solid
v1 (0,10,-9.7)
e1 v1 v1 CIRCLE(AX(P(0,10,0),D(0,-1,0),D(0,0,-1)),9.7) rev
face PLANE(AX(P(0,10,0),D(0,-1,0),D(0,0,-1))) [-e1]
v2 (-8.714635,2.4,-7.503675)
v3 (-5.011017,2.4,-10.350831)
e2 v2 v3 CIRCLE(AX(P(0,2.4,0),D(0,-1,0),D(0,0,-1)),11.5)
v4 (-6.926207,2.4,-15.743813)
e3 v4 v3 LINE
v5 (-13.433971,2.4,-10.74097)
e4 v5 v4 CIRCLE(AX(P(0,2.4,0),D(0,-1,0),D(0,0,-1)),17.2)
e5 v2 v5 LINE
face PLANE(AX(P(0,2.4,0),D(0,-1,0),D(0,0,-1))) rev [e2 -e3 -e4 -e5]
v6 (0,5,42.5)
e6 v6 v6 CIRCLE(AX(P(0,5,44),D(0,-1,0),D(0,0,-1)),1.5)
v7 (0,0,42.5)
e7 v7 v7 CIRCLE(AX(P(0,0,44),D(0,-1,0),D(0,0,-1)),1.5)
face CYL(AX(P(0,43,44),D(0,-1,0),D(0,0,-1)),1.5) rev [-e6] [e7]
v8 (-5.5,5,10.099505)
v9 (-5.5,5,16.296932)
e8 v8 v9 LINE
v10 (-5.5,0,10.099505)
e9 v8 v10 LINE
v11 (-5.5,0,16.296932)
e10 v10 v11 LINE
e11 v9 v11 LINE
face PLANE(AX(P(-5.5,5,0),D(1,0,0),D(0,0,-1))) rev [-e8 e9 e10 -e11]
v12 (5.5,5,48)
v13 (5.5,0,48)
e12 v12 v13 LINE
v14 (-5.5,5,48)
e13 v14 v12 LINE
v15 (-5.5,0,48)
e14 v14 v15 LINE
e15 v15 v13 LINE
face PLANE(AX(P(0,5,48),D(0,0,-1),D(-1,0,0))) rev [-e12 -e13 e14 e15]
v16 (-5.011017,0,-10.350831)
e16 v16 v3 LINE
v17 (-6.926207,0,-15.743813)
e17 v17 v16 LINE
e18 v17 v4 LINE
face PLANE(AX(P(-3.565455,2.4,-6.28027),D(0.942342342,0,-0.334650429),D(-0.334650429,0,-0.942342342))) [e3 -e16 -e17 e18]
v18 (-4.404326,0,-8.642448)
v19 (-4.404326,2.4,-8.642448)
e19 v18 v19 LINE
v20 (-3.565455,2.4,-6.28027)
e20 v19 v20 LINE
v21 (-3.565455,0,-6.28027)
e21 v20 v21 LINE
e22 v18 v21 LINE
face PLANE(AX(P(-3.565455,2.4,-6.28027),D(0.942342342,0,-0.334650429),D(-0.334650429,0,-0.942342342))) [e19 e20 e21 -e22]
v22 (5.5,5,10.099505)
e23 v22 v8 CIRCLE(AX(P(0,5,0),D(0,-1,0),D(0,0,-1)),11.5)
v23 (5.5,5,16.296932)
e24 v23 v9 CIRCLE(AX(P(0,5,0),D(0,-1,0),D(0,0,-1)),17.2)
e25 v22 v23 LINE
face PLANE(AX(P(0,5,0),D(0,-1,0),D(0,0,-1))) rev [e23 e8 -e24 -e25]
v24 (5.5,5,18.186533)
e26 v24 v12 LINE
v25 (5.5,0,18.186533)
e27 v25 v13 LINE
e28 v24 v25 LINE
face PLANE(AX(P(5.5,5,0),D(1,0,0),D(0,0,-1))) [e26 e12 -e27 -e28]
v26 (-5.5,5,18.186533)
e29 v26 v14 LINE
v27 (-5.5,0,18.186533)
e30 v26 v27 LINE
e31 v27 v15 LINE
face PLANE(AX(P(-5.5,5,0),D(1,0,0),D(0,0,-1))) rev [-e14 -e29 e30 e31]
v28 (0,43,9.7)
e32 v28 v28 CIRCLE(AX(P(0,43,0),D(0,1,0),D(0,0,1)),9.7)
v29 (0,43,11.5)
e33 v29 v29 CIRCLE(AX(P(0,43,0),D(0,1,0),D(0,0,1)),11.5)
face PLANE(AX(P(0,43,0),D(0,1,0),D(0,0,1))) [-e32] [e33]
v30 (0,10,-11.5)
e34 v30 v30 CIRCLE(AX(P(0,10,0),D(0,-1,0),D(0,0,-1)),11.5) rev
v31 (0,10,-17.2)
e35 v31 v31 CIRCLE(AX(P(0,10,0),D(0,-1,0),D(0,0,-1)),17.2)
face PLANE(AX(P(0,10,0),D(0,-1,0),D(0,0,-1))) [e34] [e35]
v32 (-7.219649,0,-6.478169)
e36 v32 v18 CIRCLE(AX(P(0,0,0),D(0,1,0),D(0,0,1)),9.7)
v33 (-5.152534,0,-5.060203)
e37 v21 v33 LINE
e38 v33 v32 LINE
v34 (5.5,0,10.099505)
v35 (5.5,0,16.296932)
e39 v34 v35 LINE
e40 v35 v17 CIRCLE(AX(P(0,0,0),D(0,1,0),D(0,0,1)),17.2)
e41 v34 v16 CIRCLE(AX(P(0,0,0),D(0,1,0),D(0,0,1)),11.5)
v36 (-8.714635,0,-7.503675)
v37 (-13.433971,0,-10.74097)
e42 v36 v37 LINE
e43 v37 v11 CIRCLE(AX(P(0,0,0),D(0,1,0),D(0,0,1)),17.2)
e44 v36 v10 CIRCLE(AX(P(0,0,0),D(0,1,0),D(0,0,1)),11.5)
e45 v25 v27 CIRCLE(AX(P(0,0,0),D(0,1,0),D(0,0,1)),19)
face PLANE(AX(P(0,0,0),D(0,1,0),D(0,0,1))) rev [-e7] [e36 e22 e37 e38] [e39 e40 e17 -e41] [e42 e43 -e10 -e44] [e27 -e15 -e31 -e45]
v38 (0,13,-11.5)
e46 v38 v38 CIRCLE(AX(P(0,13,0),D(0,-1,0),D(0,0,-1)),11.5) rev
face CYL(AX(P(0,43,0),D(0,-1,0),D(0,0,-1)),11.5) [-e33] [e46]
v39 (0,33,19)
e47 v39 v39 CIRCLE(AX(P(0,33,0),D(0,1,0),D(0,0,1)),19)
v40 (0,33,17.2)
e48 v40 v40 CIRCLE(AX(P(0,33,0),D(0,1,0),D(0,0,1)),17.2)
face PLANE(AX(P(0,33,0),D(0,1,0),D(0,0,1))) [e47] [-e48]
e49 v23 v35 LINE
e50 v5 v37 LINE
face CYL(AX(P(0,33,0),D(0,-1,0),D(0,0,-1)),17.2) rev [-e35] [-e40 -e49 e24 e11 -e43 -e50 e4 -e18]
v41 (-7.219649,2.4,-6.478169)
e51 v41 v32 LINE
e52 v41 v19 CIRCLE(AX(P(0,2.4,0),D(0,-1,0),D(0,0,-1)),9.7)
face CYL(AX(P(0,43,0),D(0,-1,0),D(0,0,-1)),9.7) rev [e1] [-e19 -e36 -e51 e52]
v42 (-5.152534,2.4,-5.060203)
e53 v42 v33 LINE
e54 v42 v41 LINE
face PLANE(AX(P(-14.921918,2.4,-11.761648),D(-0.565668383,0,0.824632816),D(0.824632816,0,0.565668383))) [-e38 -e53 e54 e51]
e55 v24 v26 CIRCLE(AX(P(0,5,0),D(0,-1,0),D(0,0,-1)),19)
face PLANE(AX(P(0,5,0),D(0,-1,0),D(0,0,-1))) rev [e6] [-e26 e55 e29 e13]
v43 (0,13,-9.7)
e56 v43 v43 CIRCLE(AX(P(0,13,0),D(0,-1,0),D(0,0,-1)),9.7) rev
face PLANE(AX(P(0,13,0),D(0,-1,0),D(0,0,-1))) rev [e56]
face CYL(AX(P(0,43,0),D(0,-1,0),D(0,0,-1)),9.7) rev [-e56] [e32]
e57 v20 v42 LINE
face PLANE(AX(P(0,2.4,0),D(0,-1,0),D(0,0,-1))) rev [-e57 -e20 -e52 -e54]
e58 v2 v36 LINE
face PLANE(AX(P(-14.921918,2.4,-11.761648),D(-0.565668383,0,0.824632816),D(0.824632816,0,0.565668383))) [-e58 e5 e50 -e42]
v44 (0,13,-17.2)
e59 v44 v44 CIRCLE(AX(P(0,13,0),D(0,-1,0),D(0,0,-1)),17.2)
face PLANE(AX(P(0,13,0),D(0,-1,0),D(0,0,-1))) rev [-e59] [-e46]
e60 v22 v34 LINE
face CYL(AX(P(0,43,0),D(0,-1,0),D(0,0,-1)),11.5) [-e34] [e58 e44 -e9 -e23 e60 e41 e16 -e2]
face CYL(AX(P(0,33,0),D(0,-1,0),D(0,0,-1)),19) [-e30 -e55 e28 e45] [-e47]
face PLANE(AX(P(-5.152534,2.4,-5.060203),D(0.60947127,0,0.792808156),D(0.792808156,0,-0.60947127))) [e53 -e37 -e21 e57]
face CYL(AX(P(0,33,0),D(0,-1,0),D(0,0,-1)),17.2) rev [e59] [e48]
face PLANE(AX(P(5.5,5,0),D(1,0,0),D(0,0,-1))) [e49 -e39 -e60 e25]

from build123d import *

# Parameters (mm, degrees)
SKETCH1_R           = 19
SKETCH1_R_2         = 17.2
BOSS_EXTRUDE1_DEPTH = 33
SKETCH1_3_R         = 11.5
SKETCH1_3_R_2       = 9.7
BOSS_EXTRUDE2_DEPTH = 43
SKETCH2_R           = 17.2
BOSS_EXTRUDE3_DEPTH = 3
BOSS_EXTRUDE4_DEPTH = 2.4
BOSS_EXTRUDE5_DEPTH = 5
SKETCH5_R           = 1.5
CUT_EXTRUDE1_DEPTH  = 44


with BuildPart() as part:
    # Sketch1 → Boss-Extrude1 (new body)
    with BuildSketch(Plane(origin=(0, 0, 0), x_dir=(1, 0, 0), z_dir=(0, 1, 0))):
        Circle(SKETCH1_R)
        Circle(SKETCH1_R_2, mode=Mode.SUBTRACT)
    extrude(amount=BOSS_EXTRUDE1_DEPTH)



with BuildPart() as body_2:
    # Sketch1_3 → Boss-Extrude2 (new body)
    with BuildSketch(Plane(origin=(0, 0, 0), x_dir=(1, 0, 0), z_dir=(0, 1, 0))):
        Circle(SKETCH1_3_R)
        Circle(SKETCH1_3_R_2, mode=Mode.SUBTRACT)
    extrude(amount=BOSS_EXTRUDE2_DEPTH)


with BuildPart() as part_1:
    add(part.part)

    add(body_2.part)  # Boss-Extrude3 merges body 2
    # Sketch2 → Boss-Extrude3 (add)
    with BuildSketch(Plane(origin=(0, 10, 0), x_dir=(-1, 0, 0), z_dir=(0, -1, 0))):
        Circle(SKETCH2_R)
    extrude(amount=-BOSS_EXTRUDE3_DEPTH)

    # Sketch3 → Boss-Extrude4 (add)
    with BuildSketch(Plane.XZ):
        with BuildLine():
            Line((-14.921917905, -11.7616481), (-5.15253427, -5.060203124))
            Line((-5.15253427, -5.060203124), (-3.565454801, -6.280270465))
            Line((-3.565454801, -6.280270465), (-7.530041661, -17.444152963))
            ThreePointArc((-7.530041661, -17.444152963), (-11.579954122, -15.063354956), (-14.921917905, -11.7616481))
        make_face()
    extrude(amount=-BOSS_EXTRUDE4_DEPTH)

    # Sketch4 → Boss-Extrude5 (add)
    with BuildSketch(Plane.XZ):
        with BuildLine():
            Line((-5.5, 16.296932227), (-5.5, 10.099504938))
            ThreePointArc((-5.5, 10.099504938), (0, 11.5), (5.5, 10.099504938))
            Line((5.5, 10.099504938), (5.5, 16.296932227))
            ThreePointArc((5.5, 16.296932227), (0, 17.2), (-5.5, 16.296932227))
        make_face()
        with BuildLine():
            Line((-5.5, 18.186533479), (-5.5, 16.296932227))
            ThreePointArc((-5.5, 16.296932227), (0, 17.2), (5.5, 16.296932227))
            Line((5.5, 16.296932227), (5.5, 18.186533479))
            ThreePointArc((5.5, 18.186533479), (0, 19), (-5.5, 18.186533479))
        make_face()
        with BuildLine():
            Line((-5.5, 48), (-5.5, 18.186533479))
            ThreePointArc((-5.5, 18.186533479), (0, 19), (5.5, 18.186533479))
            Line((5.5, 18.186533479), (5.5, 48))
            Line((5.5, 48), (-5.5, 48))
        make_face()
        with BuildLine():
            Line((-5.5, 10.099504938), (-5.5, 7.989993742))
            ThreePointArc((-5.5, 7.989993742), (0, 9.7), (5.5, 7.989993742))
            Line((5.5, 7.989993742), (5.5, 10.099504938))
            ThreePointArc((5.5, 10.099504938), (0, 11.5), (-5.5, 10.099504938))
        make_face()
    extrude(amount=-BOSS_EXTRUDE5_DEPTH)

    # Sketch5 → Cut-Extrude1 (cut, through all)
    with BuildSketch(Plane.XZ):
        with Locations((0, 44)):
            Circle(SKETCH5_R)
    extrude(amount=-CUT_EXTRUDE1_DEPTH, mode=Mode.SUBTRACT)


solid = part_1.part
